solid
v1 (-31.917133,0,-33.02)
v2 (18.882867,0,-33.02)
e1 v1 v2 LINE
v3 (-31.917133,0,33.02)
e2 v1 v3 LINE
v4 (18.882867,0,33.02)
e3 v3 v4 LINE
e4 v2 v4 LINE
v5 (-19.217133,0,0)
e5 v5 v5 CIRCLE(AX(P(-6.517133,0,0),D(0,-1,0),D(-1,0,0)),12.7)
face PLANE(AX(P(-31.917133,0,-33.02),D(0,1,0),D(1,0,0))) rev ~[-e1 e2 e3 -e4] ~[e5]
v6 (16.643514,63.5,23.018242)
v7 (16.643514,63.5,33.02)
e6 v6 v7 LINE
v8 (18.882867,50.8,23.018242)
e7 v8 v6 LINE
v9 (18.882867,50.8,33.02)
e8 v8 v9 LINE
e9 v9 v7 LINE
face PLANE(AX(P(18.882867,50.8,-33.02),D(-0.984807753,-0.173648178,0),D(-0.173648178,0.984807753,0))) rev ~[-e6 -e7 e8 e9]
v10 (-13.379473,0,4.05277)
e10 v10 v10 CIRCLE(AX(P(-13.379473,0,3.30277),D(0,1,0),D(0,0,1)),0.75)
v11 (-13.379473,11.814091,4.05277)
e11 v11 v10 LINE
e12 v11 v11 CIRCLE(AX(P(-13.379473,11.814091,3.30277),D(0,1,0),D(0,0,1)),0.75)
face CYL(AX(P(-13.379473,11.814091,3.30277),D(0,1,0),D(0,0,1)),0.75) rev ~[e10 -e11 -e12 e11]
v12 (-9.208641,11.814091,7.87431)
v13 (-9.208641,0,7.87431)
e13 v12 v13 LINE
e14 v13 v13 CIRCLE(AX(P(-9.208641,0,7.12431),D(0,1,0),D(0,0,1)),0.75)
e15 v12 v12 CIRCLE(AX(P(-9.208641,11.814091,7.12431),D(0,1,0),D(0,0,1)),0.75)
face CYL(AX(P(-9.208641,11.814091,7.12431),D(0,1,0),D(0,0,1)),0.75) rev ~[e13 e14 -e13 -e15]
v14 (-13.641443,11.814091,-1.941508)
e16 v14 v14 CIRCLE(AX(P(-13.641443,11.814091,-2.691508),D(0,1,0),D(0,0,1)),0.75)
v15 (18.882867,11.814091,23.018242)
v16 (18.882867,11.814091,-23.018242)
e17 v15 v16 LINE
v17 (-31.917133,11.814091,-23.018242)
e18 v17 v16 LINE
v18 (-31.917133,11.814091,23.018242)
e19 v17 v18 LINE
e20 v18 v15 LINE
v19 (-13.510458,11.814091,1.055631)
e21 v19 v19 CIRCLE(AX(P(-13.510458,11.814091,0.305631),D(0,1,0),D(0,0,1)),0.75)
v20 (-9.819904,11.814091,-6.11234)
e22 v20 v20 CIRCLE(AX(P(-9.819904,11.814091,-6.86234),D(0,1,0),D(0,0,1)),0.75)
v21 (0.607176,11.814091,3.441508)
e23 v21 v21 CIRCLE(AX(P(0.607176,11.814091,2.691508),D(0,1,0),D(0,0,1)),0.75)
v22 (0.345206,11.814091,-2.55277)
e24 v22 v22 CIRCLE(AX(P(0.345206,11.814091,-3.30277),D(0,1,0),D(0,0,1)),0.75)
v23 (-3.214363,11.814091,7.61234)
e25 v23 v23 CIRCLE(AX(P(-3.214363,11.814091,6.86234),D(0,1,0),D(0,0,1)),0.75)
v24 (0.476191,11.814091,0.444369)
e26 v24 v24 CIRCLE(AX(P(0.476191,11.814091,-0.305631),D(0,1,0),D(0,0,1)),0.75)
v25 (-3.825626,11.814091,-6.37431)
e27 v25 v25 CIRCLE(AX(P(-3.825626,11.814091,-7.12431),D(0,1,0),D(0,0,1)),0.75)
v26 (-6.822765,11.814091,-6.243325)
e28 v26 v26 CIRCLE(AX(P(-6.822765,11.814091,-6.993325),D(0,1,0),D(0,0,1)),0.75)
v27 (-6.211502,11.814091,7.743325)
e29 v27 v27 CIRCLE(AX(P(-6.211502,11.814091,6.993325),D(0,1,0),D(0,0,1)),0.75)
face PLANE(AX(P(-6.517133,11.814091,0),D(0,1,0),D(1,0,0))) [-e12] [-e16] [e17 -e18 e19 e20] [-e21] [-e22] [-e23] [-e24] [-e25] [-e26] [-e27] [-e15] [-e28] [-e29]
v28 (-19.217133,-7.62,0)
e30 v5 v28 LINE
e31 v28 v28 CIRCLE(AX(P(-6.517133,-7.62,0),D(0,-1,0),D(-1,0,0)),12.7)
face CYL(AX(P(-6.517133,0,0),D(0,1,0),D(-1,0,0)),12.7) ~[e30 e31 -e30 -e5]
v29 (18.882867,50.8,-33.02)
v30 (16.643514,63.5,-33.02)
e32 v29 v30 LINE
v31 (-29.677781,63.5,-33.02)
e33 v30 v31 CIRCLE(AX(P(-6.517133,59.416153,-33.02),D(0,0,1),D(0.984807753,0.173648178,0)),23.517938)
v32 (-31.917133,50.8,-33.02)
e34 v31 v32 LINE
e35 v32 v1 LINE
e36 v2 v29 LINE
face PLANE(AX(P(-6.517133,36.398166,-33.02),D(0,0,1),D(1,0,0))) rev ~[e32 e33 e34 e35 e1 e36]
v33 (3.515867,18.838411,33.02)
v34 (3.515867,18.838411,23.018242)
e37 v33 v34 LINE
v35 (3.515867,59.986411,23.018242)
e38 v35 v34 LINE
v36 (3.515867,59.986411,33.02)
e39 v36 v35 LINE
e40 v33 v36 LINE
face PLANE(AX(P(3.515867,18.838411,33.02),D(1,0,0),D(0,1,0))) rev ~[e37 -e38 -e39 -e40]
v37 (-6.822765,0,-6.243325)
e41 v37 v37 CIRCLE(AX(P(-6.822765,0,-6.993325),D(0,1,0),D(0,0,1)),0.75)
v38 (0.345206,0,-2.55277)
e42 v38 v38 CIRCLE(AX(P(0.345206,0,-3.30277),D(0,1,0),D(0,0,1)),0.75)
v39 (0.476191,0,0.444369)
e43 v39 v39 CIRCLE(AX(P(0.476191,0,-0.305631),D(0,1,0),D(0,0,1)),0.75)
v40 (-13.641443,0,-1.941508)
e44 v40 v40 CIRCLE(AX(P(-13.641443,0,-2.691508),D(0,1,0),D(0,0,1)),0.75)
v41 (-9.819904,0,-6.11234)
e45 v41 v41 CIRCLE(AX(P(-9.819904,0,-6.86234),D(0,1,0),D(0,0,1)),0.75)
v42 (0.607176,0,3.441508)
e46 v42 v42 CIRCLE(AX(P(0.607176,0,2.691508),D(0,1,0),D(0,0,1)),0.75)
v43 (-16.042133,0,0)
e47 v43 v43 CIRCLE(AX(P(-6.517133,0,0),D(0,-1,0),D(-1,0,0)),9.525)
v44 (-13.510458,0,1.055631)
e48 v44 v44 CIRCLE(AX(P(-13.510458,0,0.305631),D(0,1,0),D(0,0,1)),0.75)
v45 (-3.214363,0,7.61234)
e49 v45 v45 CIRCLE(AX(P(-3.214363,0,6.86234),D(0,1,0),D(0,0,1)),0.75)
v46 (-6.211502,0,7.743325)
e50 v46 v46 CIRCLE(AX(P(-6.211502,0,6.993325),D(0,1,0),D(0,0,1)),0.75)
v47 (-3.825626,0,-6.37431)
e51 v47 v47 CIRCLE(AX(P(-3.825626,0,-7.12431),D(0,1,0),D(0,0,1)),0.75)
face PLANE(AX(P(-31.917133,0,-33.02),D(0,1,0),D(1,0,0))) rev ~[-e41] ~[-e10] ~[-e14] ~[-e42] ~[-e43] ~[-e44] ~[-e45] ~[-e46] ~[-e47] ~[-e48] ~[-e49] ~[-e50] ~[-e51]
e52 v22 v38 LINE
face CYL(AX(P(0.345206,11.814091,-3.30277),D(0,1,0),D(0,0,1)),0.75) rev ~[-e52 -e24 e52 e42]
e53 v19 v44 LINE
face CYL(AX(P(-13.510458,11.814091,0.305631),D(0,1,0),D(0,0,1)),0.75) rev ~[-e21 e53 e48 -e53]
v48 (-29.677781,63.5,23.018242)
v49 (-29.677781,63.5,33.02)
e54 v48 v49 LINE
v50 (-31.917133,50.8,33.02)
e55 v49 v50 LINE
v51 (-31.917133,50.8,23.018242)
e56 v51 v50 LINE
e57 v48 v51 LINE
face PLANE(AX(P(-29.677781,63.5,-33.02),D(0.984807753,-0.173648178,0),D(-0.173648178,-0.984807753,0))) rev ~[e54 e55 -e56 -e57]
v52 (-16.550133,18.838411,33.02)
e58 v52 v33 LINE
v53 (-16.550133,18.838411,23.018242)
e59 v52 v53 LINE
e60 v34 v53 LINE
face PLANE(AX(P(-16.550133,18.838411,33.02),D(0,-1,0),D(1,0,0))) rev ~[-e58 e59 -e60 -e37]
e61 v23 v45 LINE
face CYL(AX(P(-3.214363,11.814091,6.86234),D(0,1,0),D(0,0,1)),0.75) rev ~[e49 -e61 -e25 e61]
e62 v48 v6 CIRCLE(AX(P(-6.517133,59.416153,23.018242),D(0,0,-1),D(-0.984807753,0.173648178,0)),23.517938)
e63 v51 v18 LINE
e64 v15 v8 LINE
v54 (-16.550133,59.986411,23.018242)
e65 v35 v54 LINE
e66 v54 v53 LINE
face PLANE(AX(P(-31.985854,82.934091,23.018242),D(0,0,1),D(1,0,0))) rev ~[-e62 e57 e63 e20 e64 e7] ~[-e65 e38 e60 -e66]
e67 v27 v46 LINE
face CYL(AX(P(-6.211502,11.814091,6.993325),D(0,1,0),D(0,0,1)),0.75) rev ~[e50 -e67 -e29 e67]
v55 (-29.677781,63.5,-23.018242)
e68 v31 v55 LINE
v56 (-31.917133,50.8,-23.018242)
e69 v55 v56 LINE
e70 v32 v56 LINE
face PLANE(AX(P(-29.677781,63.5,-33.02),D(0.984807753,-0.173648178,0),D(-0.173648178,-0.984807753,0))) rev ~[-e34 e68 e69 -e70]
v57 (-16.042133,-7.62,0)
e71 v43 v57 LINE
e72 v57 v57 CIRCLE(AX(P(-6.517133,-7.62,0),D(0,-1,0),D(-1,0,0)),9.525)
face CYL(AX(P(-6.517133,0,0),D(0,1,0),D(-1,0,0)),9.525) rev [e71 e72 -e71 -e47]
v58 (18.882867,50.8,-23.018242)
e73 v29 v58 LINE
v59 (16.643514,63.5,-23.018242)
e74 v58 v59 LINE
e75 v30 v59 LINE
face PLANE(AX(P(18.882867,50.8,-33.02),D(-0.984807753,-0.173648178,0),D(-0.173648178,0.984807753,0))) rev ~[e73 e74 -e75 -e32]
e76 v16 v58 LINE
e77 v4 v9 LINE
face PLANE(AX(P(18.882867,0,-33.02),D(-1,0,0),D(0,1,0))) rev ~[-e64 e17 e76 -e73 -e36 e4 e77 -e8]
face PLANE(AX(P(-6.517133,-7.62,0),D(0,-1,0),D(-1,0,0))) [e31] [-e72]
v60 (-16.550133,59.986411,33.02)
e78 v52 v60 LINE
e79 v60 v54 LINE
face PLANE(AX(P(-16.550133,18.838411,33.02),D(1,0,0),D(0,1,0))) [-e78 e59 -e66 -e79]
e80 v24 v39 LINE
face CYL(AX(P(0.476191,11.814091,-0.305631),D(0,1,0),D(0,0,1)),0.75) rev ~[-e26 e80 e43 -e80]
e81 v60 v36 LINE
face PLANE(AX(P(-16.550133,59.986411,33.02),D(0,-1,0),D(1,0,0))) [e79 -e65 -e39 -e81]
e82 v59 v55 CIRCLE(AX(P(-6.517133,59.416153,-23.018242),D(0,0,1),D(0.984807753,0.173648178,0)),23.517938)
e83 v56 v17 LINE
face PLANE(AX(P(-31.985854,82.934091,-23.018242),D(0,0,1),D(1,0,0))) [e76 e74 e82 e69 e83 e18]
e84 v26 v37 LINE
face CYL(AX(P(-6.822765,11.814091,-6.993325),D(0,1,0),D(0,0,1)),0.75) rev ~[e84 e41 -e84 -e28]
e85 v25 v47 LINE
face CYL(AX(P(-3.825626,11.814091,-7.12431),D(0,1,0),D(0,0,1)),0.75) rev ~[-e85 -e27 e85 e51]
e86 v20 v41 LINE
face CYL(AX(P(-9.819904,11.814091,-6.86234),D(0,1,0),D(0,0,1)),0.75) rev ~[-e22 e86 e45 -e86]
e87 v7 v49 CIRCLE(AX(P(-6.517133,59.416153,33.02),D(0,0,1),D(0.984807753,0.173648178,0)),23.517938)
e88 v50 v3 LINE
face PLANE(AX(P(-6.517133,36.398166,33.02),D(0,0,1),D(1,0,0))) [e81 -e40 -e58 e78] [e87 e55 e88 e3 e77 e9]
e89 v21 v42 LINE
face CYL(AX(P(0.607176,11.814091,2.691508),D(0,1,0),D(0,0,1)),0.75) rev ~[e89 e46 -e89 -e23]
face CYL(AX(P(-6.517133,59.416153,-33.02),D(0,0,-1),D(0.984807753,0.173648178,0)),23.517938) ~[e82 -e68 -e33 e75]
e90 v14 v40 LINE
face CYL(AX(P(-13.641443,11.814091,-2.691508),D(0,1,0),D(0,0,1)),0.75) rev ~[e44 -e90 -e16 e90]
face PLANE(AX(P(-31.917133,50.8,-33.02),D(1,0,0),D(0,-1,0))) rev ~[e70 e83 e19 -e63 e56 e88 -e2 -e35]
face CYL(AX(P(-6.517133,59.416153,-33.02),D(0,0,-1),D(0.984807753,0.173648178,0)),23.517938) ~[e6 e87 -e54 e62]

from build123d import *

# Parameters (mm, degrees)
BOSS_EXTRUDE2_DEPTH      = 33.02
BOSS_EXTRUDE2_DEPTH_BACK = 33.02
SKETCH5_W                = 50.93744157
SKETCH5_H                = 46.03648482
CUT_EXTRUDE2_DEPTH       = 71.12
SKETCH9_R                = 12.7
SKETCH9_R_2              = 9.525
BOSS_EXTRUDE3_DEPTH      = 7.62
CUT_EXTRUDE3_REACH       = 86.659
SKETCH10_R               = 0.75
CUT_EXTRUDE4_REACH       = 112.716
SKETCH11_W               = 20.066
SKETCH11_H               = 41.148


with BuildPart() as part:
    # Sketch3 → Boss-Extrude2 (new, two sides: drawn at the far end of the back side and taken through both)
    with BuildSketch(Plane.XY.offset(-BOSS_EXTRUDE2_DEPTH_BACK)):
        with BuildLine():
            Line((-31.917133282, 0), (18.882866718, 0))
            Line((18.882866718, 0), (18.882866718, 50.8))
            Line((18.882866718, 50.8), (16.643514063, 63.5))
            ThreePointArc((16.643514063, 63.5), (-6.517133282, 82.934090645), (-29.677780627, 63.5))
            Line((-29.677780627, 63.5), (-31.917133282, 50.8))
            Line((-31.917133282, 50.8), (-31.917133282, 0))
        make_face()
    extrude(amount=BOSS_EXTRUDE2_DEPTH + BOSS_EXTRUDE2_DEPTH_BACK)

    # Sketch5 → Cut-Extrude2 (cut)
    with BuildSketch(Plane(origin=(0, 82.934090645, 0), x_dir=(1, 0, 0), z_dir=(0, 1, 0))):
        with Locations((-6.517133282, 0)):
            Rectangle(SKETCH5_W, SKETCH5_H)
    extrude(amount=-CUT_EXTRUDE2_DEPTH, mode=Mode.SUBTRACT)

    # Sketch9 → Boss-Extrude3 (add)
    with BuildSketch(Plane.XZ):
        with Locations((-6.517133282, 0)):
            Circle(SKETCH9_R)
        with Locations((-6.517133282, 0)):
            Circle(SKETCH9_R_2, mode=Mode.SUBTRACT)
    extrude(amount=BOSS_EXTRUDE3_DEPTH)

    # Sketch10 → Cut-Extrude3 (cut, up to next)
    with BuildSketch(Plane(origin=(0, 11.814090645, 0), x_dir=(1, 0, 0), z_dir=(0, 1, 0)), mode=Mode.PRIVATE) as cut_extrude3_sk1:
        with Locations((-3.214362801, -6.862339772)):
            Circle(SKETCH10_R)
    cut_extrude3_tool1 = extrude(cut_extrude3_sk1.sketch, amount=-CUT_EXTRUDE3_REACH, mode=Mode.PRIVATE) & part.part
    # Sketch10 → Cut-Extrude3 (cut, up to next)
    with BuildSketch(Plane(origin=(0, 11.814090645, 0), x_dir=(1, 0, 0), z_dir=(0, 1, 0)), mode=Mode.PRIVATE) as cut_extrude3_sk2:
        with Locations((-6.211501931, -6.993324637)):
            Circle(SKETCH10_R)
    cut_extrude3_tool2 = extrude(cut_extrude3_sk2.sketch, amount=-CUT_EXTRUDE3_REACH, mode=Mode.PRIVATE) & part.part
    # Sketch10 → Cut-Extrude3 (cut, up to next)
    with BuildSketch(Plane(origin=(0, 11.814090645, 0), x_dir=(1, 0, 0), z_dir=(0, 1, 0)), mode=Mode.PRIVATE) as cut_extrude3_sk3:
        with Locations((-9.208641061, -7.124309502)):
            Circle(SKETCH10_R)
    cut_extrude3_tool3 = extrude(cut_extrude3_sk3.sketch, amount=-CUT_EXTRUDE3_REACH, mode=Mode.PRIVATE) & part.part
    # Sketch10 → Cut-Extrude3 (cut, up to next)
    with BuildSketch(Plane(origin=(0, 11.814090645, 0), x_dir=(1, 0, 0), z_dir=(0, 1, 0)), mode=Mode.PRIVATE) as cut_extrude3_sk4:
        with Locations((-13.379473054, -3.302770481)):
            Circle(SKETCH10_R)
    cut_extrude3_tool4 = extrude(cut_extrude3_sk4.sketch, amount=-CUT_EXTRUDE3_REACH, mode=Mode.PRIVATE) & part.part
    # Sketch10 → Cut-Extrude3 (cut, up to next)
    with BuildSketch(Plane(origin=(0, 11.814090645, 0), x_dir=(1, 0, 0), z_dir=(0, 1, 0)), mode=Mode.PRIVATE) as cut_extrude3_sk5:
        with Locations((-13.510457919, -0.305631351)):
            Circle(SKETCH10_R)
    cut_extrude3_tool5 = extrude(cut_extrude3_sk5.sketch, amount=-CUT_EXTRUDE3_REACH, mode=Mode.PRIVATE) & part.part
    # Sketch10 → Cut-Extrude3 (cut, up to next)
    with BuildSketch(Plane(origin=(0, 11.814090645, 0), x_dir=(1, 0, 0), z_dir=(0, 1, 0)), mode=Mode.PRIVATE) as cut_extrude3_sk6:
        with Locations((-13.641442784, 2.691507779)):
            Circle(SKETCH10_R)
    cut_extrude3_tool6 = extrude(cut_extrude3_sk6.sketch, amount=-CUT_EXTRUDE3_REACH, mode=Mode.PRIVATE) & part.part
    # Sketch10 → Cut-Extrude3 (cut, up to next)
    with BuildSketch(Plane(origin=(0, 11.814090645, 0), x_dir=(1, 0, 0), z_dir=(0, 1, 0)), mode=Mode.PRIVATE) as cut_extrude3_sk7:
        with Locations((0.60717622, -2.691507779)):
            Circle(SKETCH10_R)
    cut_extrude3_tool7 = extrude(cut_extrude3_sk7.sketch, amount=-CUT_EXTRUDE3_REACH, mode=Mode.PRIVATE) & part.part
    # Sketch10 → Cut-Extrude3 (cut, up to next)
    with BuildSketch(Plane(origin=(0, 11.814090645, 0), x_dir=(1, 0, 0), z_dir=(0, 1, 0)), mode=Mode.PRIVATE) as cut_extrude3_sk8:
        with Locations((0.476191355, 0.305631351)):
            Circle(SKETCH10_R)
    cut_extrude3_tool8 = extrude(cut_extrude3_sk8.sketch, amount=-CUT_EXTRUDE3_REACH, mode=Mode.PRIVATE) & part.part
    # Sketch10 → Cut-Extrude3 (cut, up to next)
    with BuildSketch(Plane(origin=(0, 11.814090645, 0), x_dir=(1, 0, 0), z_dir=(0, 1, 0)), mode=Mode.PRIVATE) as cut_extrude3_sk9:
        with Locations((0.34520649, 3.302770481)):
            Circle(SKETCH10_R)
    cut_extrude3_tool9 = extrude(cut_extrude3_sk9.sketch, amount=-CUT_EXTRUDE3_REACH, mode=Mode.PRIVATE) & part.part
    # Sketch10 → Cut-Extrude3 (cut, up to next)
    with BuildSketch(Plane(origin=(0, 11.814090645, 0), x_dir=(1, 0, 0), z_dir=(0, 1, 0)), mode=Mode.PRIVATE) as cut_extrude3_sk10:
        with Locations((-3.825625503, 7.124309502)):
            Circle(SKETCH10_R)
    cut_extrude3_tool10 = extrude(cut_extrude3_sk10.sketch, amount=-CUT_EXTRUDE3_REACH, mode=Mode.PRIVATE) & part.part
    # Sketch10 → Cut-Extrude3 (cut, up to next)
    with BuildSketch(Plane(origin=(0, 11.814090645, 0), x_dir=(1, 0, 0), z_dir=(0, 1, 0)), mode=Mode.PRIVATE) as cut_extrude3_sk11:
        with Locations((-6.822764633, 6.993324637)):
            Circle(SKETCH10_R)
    cut_extrude3_tool11 = extrude(cut_extrude3_sk11.sketch, amount=-CUT_EXTRUDE3_REACH, mode=Mode.PRIVATE) & part.part
    # Sketch10 → Cut-Extrude3 (cut, up to next)
    with BuildSketch(Plane(origin=(0, 11.814090645, 0), x_dir=(1, 0, 0), z_dir=(0, 1, 0)), mode=Mode.PRIVATE) as cut_extrude3_sk12:
        with Locations((-9.819903763, 6.862339772)):
            Circle(SKETCH10_R)
    cut_extrude3_tool12 = extrude(cut_extrude3_sk12.sketch, amount=-CUT_EXTRUDE3_REACH, mode=Mode.PRIVATE) & part.part
    add(cut_extrude3_tool1.solids().sort_by_distance((-3.214363, 11.814091, 6.86234))[0], mode=Mode.SUBTRACT)
    add(cut_extrude3_tool2.solids().sort_by_distance((-6.211502, 11.814091, 6.993325))[0], mode=Mode.SUBTRACT)
    add(cut_extrude3_tool3.solids().sort_by_distance((-9.208641, 11.814091, 7.12431))[0], mode=Mode.SUBTRACT)
    add(cut_extrude3_tool4.solids().sort_by_distance((-13.379473, 11.814091, 3.30277))[0], mode=Mode.SUBTRACT)
    add(cut_extrude3_tool5.solids().sort_by_distance((-13.510458, 11.814091, 0.305631))[0], mode=Mode.SUBTRACT)
    add(cut_extrude3_tool6.solids().sort_by_distance((-13.641443, 11.814091, -2.691508))[0], mode=Mode.SUBTRACT)
    add(cut_extrude3_tool7.solids().sort_by_distance((0.607176, 11.814091, 2.691508))[0], mode=Mode.SUBTRACT)
    add(cut_extrude3_tool8.solids().sort_by_distance((0.476191, 11.814091, -0.305631))[0], mode=Mode.SUBTRACT)
    add(cut_extrude3_tool9.solids().sort_by_distance((0.345206, 11.814091, -3.30277))[0], mode=Mode.SUBTRACT)
    add(cut_extrude3_tool10.solids().sort_by_distance((-3.825626, 11.814091, -7.12431))[0], mode=Mode.SUBTRACT)
    add(cut_extrude3_tool11.solids().sort_by_distance((-6.822765, 11.814091, -6.993325))[0], mode=Mode.SUBTRACT)
    add(cut_extrude3_tool12.solids().sort_by_distance((-9.819904, 11.814091, -6.86234))[0], mode=Mode.SUBTRACT)

    # Sketch11 → Cut-Extrude4 (cut, up to next)
    with BuildSketch(Plane.XY.offset(33.02), mode=Mode.PRIVATE) as cut_extrude4_sk1:
        with Locations((-6.517133282, 39.412411)):
            Rectangle(SKETCH11_W, SKETCH11_H)
    cut_extrude4_tool1 = extrude(cut_extrude4_sk1.sketch, amount=-CUT_EXTRUDE4_REACH, mode=Mode.PRIVATE) & part.part
    add(cut_extrude4_tool1.solids().sort_by_distance((-6.517133, 39.412411, 33.02))[0], mode=Mode.SUBTRACT)


solid = part.part
